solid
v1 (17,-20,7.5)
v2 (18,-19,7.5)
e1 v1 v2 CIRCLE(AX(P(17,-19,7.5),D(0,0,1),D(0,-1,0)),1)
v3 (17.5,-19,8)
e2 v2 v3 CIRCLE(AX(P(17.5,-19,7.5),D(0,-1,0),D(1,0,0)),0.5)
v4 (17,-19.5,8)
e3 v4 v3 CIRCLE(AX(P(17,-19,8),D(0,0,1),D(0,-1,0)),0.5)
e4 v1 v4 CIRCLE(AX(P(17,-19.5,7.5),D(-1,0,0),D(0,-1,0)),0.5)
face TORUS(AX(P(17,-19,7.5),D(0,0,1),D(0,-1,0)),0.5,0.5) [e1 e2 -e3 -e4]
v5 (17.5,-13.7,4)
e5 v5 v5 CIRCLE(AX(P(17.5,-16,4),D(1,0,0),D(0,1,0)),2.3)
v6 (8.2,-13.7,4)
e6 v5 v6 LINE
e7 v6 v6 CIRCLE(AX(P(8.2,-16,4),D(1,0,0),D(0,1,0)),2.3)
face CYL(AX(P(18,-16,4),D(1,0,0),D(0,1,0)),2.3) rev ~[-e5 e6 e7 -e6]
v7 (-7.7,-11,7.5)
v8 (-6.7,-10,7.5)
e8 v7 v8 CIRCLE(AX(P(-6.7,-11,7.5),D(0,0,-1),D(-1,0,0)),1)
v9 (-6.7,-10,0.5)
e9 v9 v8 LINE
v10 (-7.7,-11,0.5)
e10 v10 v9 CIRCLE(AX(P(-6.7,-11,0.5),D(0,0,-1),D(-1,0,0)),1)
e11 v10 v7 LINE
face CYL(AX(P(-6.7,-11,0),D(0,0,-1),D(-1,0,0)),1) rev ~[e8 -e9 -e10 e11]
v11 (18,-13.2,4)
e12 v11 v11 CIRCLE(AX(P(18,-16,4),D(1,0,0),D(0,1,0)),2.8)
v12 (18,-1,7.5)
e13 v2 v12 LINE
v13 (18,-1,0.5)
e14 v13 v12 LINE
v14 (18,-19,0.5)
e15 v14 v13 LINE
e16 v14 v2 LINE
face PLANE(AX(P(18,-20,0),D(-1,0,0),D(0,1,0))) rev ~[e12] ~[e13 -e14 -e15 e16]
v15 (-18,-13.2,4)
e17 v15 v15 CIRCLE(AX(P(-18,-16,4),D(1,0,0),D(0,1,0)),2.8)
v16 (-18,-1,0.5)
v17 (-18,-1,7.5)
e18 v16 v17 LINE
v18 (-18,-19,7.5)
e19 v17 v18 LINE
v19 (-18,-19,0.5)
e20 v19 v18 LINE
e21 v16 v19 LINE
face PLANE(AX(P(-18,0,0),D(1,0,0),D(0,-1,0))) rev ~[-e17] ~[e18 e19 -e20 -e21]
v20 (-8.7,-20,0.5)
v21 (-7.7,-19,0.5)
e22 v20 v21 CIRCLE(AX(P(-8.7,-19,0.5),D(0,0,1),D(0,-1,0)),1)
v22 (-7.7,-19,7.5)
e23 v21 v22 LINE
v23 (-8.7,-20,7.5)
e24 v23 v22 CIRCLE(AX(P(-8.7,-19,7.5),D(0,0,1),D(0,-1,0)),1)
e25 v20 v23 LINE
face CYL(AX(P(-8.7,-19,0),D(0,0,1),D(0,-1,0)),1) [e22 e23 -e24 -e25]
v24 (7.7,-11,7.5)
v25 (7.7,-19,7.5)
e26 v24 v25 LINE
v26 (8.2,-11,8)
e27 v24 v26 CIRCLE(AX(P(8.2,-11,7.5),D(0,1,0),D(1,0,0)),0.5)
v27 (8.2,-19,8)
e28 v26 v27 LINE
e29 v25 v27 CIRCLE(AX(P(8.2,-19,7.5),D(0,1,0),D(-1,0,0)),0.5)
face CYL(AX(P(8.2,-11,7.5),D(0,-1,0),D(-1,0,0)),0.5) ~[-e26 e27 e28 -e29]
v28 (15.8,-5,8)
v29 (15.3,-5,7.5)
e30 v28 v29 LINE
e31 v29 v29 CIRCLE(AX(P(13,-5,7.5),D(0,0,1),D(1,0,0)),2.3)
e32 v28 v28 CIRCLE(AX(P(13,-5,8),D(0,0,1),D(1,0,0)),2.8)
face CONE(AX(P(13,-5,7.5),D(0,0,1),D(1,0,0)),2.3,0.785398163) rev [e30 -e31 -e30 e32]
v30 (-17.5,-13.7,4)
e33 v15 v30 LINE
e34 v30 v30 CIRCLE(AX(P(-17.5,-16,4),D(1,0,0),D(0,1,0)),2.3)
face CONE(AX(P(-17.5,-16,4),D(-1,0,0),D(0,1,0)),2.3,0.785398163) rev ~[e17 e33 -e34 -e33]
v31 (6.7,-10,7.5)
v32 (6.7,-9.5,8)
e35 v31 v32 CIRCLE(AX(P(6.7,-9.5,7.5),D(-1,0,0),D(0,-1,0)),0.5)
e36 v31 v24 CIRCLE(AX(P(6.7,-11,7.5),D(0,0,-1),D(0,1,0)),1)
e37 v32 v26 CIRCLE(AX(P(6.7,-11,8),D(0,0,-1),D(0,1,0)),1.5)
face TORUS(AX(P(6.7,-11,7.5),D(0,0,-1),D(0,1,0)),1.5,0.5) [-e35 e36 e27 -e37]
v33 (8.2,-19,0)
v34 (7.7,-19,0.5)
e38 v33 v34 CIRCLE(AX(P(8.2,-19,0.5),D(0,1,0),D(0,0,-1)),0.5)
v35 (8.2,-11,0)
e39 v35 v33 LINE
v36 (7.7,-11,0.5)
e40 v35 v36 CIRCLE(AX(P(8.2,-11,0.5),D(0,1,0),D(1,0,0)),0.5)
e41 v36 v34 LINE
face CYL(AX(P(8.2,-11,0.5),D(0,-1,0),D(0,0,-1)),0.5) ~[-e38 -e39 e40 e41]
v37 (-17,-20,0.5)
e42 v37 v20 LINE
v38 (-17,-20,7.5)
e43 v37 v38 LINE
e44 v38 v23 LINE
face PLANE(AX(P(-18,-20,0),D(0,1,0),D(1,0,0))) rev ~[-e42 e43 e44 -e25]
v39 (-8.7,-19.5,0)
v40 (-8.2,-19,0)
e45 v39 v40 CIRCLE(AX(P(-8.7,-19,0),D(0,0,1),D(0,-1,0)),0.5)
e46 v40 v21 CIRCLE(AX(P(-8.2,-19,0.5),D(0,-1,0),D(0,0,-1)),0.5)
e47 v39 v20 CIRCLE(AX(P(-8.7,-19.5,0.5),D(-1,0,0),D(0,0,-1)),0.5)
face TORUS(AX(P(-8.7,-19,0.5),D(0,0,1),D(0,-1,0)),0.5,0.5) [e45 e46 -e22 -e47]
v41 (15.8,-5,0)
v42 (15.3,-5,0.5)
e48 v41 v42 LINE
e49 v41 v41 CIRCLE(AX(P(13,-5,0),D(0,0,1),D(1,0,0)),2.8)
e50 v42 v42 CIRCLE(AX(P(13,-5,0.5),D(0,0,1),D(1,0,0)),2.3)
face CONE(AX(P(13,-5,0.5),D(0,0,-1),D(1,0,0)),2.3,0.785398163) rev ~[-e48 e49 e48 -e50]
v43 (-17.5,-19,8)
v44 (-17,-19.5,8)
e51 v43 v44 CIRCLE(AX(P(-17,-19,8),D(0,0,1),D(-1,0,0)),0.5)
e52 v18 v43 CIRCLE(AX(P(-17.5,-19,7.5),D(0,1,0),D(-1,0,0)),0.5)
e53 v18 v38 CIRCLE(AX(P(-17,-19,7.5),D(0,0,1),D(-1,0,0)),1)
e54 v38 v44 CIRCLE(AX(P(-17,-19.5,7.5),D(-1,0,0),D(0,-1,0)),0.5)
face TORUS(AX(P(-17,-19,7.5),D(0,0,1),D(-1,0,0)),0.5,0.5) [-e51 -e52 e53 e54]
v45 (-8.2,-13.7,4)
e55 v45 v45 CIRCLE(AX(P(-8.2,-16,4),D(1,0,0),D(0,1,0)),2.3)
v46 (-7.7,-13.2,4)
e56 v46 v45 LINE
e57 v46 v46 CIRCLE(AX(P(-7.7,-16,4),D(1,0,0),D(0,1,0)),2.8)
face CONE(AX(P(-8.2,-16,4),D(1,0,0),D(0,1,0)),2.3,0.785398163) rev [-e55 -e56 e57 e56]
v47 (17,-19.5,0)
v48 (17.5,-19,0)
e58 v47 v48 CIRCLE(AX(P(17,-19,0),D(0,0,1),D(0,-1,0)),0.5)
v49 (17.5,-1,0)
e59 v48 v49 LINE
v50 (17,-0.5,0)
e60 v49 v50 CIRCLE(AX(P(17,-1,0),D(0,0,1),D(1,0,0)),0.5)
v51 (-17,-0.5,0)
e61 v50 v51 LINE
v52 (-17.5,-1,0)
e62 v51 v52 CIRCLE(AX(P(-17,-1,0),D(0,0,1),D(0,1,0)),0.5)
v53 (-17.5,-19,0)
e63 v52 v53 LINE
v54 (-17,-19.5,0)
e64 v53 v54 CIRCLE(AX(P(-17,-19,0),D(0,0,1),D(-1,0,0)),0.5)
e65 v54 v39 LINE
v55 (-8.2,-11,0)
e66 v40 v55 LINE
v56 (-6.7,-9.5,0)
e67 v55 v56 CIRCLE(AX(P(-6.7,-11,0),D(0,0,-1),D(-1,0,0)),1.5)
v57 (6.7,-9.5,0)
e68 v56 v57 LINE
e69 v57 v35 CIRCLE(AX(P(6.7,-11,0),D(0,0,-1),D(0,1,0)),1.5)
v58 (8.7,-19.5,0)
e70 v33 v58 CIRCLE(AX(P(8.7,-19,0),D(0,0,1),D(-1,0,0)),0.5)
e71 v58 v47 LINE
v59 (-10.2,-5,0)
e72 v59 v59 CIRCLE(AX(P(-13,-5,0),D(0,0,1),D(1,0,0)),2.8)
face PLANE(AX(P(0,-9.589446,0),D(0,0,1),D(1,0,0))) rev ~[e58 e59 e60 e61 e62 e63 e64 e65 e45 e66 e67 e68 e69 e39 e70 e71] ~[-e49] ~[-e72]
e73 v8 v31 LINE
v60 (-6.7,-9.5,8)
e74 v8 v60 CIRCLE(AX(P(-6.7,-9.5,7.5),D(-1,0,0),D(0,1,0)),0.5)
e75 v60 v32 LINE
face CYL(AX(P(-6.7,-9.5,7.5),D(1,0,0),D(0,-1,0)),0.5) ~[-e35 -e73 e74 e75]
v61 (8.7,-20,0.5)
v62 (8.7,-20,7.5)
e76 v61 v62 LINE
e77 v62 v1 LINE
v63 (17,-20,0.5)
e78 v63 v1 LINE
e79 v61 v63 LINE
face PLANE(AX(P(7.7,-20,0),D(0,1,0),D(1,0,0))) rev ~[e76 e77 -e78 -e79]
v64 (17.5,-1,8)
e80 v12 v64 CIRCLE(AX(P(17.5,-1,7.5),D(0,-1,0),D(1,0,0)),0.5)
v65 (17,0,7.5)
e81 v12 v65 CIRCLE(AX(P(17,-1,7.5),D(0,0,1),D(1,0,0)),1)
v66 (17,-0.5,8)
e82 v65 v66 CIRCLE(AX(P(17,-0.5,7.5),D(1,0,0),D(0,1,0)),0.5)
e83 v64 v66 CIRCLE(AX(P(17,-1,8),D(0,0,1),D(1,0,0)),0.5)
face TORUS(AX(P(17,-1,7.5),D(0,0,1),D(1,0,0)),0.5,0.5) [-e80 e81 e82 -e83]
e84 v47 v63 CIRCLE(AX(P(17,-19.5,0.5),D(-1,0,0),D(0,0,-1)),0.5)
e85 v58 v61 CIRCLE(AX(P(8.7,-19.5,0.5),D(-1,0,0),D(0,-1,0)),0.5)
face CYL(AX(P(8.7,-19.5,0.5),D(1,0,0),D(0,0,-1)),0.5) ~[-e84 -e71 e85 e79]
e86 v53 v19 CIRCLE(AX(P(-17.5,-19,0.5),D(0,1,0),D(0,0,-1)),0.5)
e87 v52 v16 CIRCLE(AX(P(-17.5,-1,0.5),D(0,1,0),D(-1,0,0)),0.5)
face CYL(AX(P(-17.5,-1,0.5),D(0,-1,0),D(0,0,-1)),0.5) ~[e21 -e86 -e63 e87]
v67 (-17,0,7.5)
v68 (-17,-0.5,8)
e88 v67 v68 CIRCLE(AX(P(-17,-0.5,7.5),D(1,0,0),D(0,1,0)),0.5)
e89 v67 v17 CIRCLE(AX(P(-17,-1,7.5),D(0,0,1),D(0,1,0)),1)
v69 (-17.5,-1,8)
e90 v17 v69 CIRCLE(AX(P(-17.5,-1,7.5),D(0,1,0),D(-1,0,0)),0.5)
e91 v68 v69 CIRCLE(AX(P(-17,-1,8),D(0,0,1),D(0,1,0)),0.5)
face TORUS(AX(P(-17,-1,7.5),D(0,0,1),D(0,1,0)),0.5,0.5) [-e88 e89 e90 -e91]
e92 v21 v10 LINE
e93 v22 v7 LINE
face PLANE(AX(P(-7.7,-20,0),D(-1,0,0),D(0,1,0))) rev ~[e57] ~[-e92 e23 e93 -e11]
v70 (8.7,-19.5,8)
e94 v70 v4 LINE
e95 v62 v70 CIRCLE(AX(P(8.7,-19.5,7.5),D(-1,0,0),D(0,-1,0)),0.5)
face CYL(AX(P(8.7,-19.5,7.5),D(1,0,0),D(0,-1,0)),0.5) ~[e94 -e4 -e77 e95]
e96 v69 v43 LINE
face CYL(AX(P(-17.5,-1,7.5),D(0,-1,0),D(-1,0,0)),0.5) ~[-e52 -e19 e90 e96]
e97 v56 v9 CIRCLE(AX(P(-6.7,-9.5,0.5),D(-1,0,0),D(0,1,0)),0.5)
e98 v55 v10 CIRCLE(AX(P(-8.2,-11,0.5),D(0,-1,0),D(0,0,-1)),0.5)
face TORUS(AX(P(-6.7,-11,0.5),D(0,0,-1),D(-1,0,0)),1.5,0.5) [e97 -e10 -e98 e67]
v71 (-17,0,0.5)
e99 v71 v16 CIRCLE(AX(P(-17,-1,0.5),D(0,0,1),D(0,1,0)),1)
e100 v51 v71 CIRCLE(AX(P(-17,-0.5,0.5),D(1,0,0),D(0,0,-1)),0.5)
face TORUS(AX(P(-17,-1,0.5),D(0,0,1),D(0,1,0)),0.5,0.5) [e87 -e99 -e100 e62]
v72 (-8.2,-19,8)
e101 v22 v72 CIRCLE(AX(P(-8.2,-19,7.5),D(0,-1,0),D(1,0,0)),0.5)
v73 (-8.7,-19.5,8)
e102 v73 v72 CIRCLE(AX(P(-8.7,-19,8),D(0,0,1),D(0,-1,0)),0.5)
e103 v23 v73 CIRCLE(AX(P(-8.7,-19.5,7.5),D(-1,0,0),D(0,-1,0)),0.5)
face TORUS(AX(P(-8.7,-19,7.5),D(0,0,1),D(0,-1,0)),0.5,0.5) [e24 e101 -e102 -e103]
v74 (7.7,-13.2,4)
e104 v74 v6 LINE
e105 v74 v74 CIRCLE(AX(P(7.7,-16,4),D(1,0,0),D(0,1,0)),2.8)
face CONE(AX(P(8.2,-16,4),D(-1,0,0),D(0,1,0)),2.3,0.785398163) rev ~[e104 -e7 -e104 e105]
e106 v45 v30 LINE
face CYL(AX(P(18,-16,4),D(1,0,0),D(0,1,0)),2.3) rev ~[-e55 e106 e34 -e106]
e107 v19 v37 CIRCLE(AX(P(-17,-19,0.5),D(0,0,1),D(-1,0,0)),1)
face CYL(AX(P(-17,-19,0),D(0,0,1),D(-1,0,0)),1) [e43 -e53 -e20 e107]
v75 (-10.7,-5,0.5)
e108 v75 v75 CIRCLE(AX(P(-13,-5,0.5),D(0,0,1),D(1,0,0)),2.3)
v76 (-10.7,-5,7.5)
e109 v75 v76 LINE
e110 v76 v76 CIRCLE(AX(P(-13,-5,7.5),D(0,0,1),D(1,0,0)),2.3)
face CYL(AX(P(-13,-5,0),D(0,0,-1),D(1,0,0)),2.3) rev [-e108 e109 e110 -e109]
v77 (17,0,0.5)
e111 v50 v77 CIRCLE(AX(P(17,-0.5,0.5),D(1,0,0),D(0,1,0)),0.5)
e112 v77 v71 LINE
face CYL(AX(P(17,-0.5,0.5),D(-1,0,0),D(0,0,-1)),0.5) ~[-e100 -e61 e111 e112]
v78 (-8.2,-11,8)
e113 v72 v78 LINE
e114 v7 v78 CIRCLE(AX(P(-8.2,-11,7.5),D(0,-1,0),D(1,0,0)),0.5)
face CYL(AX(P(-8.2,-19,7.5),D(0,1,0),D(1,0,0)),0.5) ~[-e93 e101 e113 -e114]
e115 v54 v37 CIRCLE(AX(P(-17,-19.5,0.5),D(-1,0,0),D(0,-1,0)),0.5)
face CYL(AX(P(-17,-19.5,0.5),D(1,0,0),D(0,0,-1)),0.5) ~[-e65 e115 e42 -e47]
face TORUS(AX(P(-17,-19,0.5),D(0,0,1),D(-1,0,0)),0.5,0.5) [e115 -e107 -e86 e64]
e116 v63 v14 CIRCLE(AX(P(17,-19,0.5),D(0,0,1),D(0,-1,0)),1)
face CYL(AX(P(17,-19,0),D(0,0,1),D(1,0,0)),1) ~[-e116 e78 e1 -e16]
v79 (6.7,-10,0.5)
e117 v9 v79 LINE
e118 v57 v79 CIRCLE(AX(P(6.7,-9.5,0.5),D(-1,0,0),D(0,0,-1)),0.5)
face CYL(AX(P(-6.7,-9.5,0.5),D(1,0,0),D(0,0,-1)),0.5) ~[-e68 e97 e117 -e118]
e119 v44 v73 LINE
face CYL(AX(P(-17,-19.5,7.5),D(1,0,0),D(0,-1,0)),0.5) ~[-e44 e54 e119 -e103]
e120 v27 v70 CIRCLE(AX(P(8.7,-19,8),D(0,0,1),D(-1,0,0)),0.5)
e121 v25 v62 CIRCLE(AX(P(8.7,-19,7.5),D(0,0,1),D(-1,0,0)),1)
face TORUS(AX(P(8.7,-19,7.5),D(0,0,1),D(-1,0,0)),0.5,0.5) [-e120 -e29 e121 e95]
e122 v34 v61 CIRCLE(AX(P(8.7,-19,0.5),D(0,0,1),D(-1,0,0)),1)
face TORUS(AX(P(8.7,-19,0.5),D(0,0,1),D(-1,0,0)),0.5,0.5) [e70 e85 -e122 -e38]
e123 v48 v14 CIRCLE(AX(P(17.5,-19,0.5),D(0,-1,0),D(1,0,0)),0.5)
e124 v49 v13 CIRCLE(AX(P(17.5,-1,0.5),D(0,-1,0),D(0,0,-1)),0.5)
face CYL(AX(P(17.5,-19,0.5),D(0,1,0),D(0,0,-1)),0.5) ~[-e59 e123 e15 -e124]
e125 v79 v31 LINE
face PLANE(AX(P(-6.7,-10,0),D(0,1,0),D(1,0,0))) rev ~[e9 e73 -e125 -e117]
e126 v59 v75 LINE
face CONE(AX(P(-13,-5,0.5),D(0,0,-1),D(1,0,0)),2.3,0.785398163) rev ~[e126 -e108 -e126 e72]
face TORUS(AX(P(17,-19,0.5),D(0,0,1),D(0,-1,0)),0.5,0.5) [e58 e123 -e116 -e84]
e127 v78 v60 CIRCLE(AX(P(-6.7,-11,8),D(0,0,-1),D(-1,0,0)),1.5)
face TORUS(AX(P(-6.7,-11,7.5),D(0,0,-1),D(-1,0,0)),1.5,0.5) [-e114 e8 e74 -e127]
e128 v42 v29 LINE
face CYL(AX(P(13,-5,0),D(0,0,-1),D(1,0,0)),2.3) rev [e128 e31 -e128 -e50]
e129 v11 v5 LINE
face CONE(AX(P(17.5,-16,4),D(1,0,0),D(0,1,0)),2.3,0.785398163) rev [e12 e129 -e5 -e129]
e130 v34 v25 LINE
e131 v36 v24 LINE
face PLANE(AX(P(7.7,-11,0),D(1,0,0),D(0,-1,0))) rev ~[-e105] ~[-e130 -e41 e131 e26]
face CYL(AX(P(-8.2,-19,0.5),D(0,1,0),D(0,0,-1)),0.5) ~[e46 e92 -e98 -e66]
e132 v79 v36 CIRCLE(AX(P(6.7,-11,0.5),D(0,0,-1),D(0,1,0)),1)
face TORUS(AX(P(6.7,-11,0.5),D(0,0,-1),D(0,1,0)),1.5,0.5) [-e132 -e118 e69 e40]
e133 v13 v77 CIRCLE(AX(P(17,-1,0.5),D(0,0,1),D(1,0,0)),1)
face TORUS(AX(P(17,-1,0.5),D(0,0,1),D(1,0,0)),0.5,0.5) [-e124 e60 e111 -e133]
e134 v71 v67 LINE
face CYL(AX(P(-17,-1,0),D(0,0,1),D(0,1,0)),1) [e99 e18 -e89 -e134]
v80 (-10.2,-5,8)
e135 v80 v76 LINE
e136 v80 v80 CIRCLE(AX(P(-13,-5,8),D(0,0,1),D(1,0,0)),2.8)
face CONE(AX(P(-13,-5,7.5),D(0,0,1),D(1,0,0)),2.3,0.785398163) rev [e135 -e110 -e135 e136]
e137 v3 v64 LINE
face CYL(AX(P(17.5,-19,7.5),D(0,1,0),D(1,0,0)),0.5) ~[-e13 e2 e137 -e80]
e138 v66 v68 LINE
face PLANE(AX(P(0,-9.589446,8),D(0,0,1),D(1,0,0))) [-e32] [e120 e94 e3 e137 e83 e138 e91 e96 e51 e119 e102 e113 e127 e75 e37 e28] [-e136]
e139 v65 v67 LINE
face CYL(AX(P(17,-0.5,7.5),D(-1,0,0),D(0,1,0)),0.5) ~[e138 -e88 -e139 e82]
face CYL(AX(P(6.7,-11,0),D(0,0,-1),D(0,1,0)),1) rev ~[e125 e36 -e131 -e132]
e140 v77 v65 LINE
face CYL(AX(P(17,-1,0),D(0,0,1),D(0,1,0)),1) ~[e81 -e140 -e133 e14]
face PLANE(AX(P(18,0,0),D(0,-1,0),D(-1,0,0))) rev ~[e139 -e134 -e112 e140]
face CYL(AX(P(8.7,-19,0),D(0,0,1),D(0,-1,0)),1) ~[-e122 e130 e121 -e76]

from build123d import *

# Parameters (mm, degrees)
F0_R     = 2.3
F1_DEPTH = 8
F2_R     = 2.3
F3_DEPTH = 36.001
F4_R     = 1
F5_SIZE  = 0.5
F6_R     = 0.5


with BuildPart() as f1:
    # F0 (on Top) → F1 (new body)
    with BuildSketch(Plane.XY):
        with BuildLine():
            Line((18, 0), (0, 0))
            Line((0, 0), (-18, 0))
            Line((-18, 0), (-18, -20))
            Line((-18, -20), (-7.7, -20))
            Line((-7.7, -20), (-7.7, -11))
            ThreePointArc((-7.7, -11), (-7.4071067812, -10.2928932188), (-6.7, -10))
            Line((-6.7, -10), (0, -10))
            Line((0, -10), (6.7, -10))
            ThreePointArc((6.7, -10), (7.4071067812, -10.2928932188), (7.7, -11))
            Line((7.7, -11), (7.7, -20))
            Line((7.7, -20), (18, -20))
            Line((18, -20), (18, 0))
        make_face()
        with Locations((-13, -5)):
            Circle(F0_R, mode=Mode.SUBTRACT)
        with Locations((13, -5)):
            Circle(F0_R, mode=Mode.SUBTRACT)
    extrude(amount=F1_DEPTH)

    # F2 (on face) → F3 (cut, through all)
    with BuildSketch(Plane.YZ.offset(18)):
        with Locations((-16, 4)):
            Circle(F2_R)
    extrude(amount=-F3_DEPTH, mode=Mode.SUBTRACT)

    # F4
    f4_edges = [f1.edges().sort_by_distance(p)[0] for p in [
        (-18, -20, 4),
        (7.7, -20, 4),
        (18, -20, 4),
        (-18, 0, 4),
        (18, 0, 4),
        (-7.7, -20, 4),
    ]]
    fillet(f4_edges, radius=F4_R)

    # F5
    f5_edges = [f1.edges().sort_by_distance(p)[0] for p in [
        (-15.3, -5, 8),
        (10.7, -5, 8),
        (-15.3, -5, 0),
        (10.7, -5, 0),
        (-7.7, -18.3, 4),
        (-18, -18.3, 4),
        (7.7, -18.3, 4),
        (18, -18.3, 4),
    ]]
    chamfer(f5_edges, length=F5_SIZE)

    # F6
    f6_edges = [f1.edges().sort_by_distance(p)[0] for p in [
        (-12.85, -20, 8),
        (-7.992893, -19.707107, 8),
        (-7.7, -15, 8),
        (-7.407107, -10.292893, 8),
        (0, -10, 8),
        (7.407107, -10.292893, 8),
        (7.7, -15, 8),
        (7.992893, -19.707107, 8),
        (12.85, -20, 8),
        (17.707107, -19.707107, 8),
        (18, -10, 8),
        (17.707107, -0.292893, 8),
        (0, 0, 8),
        (-17.707107, -0.292893, 8),
        (-18, -10, 8),
        (-17.707107, -19.707107, 8),
        (-7.7, -15, 0),
    ]]
    fillet(f6_edges, radius=F6_R)


solid = f1.part
